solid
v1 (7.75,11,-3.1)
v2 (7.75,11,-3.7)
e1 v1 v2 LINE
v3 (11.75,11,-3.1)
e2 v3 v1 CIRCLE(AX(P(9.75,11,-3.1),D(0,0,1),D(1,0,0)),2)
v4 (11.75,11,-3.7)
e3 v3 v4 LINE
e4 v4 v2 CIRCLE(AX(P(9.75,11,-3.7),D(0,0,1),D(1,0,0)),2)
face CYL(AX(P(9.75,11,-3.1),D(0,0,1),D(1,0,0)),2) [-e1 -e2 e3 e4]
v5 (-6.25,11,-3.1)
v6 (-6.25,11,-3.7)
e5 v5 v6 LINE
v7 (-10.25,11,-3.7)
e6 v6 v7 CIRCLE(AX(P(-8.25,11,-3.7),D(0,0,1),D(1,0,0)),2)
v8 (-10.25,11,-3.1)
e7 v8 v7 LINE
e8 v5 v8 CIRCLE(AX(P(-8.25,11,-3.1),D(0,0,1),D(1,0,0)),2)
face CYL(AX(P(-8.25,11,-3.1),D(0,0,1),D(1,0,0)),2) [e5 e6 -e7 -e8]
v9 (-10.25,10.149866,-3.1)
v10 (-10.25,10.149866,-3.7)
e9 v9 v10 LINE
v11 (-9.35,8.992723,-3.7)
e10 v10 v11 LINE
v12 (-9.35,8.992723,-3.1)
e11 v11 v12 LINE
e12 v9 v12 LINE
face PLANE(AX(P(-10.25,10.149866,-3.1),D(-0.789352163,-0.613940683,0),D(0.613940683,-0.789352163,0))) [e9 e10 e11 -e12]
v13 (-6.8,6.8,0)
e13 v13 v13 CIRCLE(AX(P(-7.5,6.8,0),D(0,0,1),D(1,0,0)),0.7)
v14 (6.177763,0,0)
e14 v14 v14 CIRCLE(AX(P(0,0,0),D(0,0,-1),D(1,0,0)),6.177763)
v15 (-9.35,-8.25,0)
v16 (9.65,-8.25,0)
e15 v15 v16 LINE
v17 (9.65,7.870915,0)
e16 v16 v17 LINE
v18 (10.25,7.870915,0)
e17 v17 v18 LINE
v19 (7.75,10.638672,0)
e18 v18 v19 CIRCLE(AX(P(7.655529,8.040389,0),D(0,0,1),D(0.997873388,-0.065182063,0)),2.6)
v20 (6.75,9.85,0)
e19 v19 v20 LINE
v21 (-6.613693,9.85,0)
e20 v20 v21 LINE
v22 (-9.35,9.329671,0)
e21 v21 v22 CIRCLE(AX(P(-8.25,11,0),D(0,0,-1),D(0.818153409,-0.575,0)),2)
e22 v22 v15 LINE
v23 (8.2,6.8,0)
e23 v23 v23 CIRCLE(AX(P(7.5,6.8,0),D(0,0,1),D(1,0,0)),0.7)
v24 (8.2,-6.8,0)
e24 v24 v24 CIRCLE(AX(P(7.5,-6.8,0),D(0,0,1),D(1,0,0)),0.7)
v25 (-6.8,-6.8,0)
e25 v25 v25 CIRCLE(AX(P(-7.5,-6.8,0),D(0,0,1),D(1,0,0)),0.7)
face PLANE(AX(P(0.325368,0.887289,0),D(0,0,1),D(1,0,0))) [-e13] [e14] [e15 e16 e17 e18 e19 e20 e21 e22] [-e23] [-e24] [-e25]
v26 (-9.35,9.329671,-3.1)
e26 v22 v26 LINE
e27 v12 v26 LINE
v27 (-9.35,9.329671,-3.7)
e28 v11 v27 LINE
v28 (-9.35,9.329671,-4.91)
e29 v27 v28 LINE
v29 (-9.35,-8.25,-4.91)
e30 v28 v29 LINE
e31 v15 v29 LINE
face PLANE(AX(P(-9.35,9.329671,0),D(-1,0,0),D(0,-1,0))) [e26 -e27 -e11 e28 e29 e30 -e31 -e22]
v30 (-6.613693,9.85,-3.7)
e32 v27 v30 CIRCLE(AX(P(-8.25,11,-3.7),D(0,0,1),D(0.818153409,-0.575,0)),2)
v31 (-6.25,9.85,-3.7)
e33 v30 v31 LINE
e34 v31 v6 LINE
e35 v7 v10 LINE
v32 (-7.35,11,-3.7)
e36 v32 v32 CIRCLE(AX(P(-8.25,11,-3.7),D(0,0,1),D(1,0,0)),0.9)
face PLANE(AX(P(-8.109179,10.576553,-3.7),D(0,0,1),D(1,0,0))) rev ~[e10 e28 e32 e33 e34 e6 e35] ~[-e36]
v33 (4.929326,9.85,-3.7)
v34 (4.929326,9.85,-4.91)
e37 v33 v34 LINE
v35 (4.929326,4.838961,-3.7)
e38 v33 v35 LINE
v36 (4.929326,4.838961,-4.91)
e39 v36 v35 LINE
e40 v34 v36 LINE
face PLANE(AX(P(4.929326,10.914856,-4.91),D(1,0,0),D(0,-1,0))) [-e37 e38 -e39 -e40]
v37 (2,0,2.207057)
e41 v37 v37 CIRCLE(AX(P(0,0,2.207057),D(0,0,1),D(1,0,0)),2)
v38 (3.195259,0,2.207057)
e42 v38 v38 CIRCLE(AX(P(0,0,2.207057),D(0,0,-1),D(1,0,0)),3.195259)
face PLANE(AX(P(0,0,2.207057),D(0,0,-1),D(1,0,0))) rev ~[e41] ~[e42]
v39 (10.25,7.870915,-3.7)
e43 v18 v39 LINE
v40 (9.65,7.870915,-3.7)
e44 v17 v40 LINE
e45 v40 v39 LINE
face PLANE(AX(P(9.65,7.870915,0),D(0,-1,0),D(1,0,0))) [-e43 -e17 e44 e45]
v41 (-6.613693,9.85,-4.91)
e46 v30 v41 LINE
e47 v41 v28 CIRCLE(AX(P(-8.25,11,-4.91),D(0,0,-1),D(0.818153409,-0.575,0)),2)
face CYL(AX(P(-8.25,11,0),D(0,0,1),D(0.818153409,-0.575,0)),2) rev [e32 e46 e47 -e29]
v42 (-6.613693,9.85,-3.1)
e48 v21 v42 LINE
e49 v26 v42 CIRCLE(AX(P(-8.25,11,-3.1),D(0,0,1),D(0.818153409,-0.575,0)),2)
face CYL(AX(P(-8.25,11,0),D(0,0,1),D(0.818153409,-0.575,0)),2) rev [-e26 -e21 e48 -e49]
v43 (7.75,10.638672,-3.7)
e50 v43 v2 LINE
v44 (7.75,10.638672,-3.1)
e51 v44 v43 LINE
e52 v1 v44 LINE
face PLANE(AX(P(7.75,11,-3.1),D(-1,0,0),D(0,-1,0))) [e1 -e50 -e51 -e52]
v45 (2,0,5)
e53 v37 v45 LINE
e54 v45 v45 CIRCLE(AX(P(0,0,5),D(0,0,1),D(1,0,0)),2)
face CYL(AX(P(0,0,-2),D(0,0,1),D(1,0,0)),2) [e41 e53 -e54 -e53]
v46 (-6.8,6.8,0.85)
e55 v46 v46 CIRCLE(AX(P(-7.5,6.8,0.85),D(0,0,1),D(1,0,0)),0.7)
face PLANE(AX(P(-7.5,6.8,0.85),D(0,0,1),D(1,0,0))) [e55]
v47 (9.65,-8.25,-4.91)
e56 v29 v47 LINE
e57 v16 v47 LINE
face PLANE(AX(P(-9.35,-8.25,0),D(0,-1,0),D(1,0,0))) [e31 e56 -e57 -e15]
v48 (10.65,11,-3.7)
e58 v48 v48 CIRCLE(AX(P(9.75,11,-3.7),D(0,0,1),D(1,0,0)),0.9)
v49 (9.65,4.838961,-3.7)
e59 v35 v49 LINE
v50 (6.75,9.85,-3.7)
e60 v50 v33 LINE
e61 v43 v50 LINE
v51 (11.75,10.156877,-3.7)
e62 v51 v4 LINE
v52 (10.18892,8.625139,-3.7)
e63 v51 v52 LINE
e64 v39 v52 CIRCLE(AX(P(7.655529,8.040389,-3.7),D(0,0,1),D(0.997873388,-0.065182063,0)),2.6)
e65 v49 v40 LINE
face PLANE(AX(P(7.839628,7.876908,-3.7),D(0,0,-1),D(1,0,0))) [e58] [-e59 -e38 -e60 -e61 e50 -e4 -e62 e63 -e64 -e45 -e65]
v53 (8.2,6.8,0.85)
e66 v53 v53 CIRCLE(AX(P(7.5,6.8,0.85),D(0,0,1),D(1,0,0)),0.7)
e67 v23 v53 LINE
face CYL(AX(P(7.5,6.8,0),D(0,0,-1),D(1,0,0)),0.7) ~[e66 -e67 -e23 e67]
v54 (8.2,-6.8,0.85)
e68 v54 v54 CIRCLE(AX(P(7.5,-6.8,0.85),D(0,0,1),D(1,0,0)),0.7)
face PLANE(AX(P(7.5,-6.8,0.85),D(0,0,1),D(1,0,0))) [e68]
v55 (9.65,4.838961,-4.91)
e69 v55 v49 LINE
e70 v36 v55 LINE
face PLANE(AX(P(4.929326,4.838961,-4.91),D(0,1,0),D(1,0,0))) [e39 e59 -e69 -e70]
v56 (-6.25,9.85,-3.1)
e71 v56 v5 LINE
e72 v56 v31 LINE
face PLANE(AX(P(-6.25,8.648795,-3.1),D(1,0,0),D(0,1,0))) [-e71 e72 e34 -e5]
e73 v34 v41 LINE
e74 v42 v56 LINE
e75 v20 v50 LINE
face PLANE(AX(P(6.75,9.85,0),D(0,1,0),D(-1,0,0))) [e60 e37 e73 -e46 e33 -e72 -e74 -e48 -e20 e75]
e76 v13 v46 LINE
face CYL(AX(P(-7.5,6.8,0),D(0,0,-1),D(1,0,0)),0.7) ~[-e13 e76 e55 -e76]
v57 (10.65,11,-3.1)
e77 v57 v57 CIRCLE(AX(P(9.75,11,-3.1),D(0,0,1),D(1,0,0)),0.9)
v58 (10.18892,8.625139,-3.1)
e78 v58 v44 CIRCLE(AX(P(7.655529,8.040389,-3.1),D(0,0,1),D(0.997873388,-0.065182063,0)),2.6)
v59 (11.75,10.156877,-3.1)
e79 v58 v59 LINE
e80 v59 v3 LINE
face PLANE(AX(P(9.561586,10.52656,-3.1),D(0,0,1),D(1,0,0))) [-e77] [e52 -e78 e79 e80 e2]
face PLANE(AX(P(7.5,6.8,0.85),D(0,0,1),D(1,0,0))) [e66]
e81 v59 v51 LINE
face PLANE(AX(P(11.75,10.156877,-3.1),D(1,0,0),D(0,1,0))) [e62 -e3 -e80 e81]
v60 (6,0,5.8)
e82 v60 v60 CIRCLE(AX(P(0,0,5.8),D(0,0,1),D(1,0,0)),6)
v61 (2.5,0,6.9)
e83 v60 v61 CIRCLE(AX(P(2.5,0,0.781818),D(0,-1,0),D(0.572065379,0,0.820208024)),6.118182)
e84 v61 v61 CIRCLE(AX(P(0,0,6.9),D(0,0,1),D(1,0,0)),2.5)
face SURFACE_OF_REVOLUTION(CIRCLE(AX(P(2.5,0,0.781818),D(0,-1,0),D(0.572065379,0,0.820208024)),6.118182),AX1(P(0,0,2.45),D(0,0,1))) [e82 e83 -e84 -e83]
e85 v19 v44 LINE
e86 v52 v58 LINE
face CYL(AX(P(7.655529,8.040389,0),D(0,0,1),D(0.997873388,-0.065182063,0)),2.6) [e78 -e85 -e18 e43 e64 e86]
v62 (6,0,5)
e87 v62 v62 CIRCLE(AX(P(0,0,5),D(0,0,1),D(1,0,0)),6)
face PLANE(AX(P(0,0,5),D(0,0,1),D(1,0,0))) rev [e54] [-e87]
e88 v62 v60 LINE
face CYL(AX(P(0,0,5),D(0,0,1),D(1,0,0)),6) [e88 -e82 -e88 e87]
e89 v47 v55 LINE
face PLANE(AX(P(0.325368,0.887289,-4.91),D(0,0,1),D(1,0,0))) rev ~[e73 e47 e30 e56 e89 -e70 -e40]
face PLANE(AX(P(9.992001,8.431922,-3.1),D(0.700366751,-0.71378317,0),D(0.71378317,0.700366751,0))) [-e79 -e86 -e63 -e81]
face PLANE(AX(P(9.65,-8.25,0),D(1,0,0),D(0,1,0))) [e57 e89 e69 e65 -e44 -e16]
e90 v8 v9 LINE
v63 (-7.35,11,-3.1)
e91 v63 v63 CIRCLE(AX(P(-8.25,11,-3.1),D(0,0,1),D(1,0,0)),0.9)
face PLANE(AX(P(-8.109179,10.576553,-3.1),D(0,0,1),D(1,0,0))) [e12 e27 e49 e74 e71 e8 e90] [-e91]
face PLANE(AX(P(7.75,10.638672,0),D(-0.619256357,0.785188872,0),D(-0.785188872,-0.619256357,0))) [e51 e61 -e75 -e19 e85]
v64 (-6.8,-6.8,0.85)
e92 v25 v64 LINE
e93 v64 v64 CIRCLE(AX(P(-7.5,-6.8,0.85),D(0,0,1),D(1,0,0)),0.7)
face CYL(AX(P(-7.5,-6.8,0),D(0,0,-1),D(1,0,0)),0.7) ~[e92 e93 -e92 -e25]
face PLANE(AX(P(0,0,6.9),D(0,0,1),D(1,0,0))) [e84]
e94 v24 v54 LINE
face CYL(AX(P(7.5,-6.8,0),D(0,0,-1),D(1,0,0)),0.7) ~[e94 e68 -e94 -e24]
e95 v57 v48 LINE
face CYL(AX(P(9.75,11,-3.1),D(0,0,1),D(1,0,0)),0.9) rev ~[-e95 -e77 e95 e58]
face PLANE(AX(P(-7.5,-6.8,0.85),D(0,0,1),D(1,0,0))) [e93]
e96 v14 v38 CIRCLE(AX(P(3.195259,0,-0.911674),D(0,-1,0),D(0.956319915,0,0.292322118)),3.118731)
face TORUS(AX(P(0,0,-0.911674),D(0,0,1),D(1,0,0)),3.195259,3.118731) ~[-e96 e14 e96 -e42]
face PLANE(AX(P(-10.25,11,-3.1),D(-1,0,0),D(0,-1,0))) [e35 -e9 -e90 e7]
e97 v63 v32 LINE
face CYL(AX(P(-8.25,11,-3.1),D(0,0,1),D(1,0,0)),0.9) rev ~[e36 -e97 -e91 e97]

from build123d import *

# Parameters (mm, degrees)
F1_DEPTH  = 4.91
F2_R      = 0.7
F3_DEPTH  = 0.85
F6_DEPTH  = 0.6
F7_R      = 0.9
F8_DEPTH  = 0.6
F11_R     = 2
F12_DEPTH = 4
F15_W     = 5.8206040412
F15_H     = 6.0758944601
F16_DEPTH = 1.21


with BuildPart() as f1:
    # F0 (on Top) → F1 (new body)
    with BuildSketch(Plane.XY):
        with BuildLine():
            Line((-9.35, 9.3296706912), (-9.35, -8.25))
            Line((-9.35, -8.25), (9.65, -8.25))
            Line((9.65, -8.25), (9.65, 7.8709153458))
            Line((9.65, 7.8709153458), (10.25, 7.8709153458))
            ThreePointArc((10.25, 7.8709153458), (9.5849645406, 9.7831678774), (7.75, 10.6386718467))
            Line((7.75, 10.6386718467), (6.75, 9.85))
            Line((6.75, 9.85), (-6.6136931828, 9.85))
            ThreePointArc((-6.6136931828, 9.85), (-7.8763800086, 9.0352078731), (-9.35, 9.3296706912))
        make_face()
    extrude(amount=-F1_DEPTH)

    # F2 (on face) → F3 (join)
    with BuildSketch(Plane.XY):
        with Locations((-7.5, -6.8)):
            Circle(F2_R)
        with Locations((7.5, -6.8)):
            Circle(F2_R)
        with Locations((-7.5, 6.8)):
            Circle(F2_R)
        with Locations((7.5, 6.8)):
            Circle(F2_R)
    extrude(amount=F3_DEPTH)

    # F5 (on offset) → F6 (join)
    with BuildSketch(Plane.XY.offset(-3.1)):
        with BuildLine():
            Line((-10.25, 10.1498657733), (-9.0825001077, 8.6487947561))
            Line((-9.0825001077, 8.6487947561), (-6.25, 8.6487947561))
            Line((-6.25, 8.6487947561), (-6.25, 11))
            ThreePointArc((-6.25, 11), (-8.25, 13), (-10.25, 11))
            Line((-10.25, 11), (-10.25, 10.1498657733))
        make_face()
        with BuildLine():
            Line((7.75, 11), (7.75, 8.4319217131))
            Line((7.75, 8.4319217131), (9.9920006469, 8.4319217131))
            Line((9.9920006469, 8.4319217131), (11.75, 10.1568773389))
            Line((11.75, 10.1568773389), (11.75, 11))
            ThreePointArc((11.75, 11), (9.75, 13), (7.75, 11))
        make_face()
    extrude(amount=-F6_DEPTH)

    # F7 (on face) → F8 (cut, through all)
    with BuildSketch(Plane.XY.offset(-3.1)):
        with Locations((-8.25, 11)):
            Circle(F7_R)
        with Locations((9.75, 11)):
            Circle(F7_R)
    extrude(amount=-F8_DEPTH, mode=Mode.SUBTRACT)

    # F9 (on Front) → F10 (revolve)
    with BuildSketch(Plane.XZ):
        with BuildLine():
            Line((3.1952585559, 2.2070568521), (0, 2.2070568521))
            Line((0, 2.2070568521), (0, 0))
            Line((0, 0), (6.177762989, 0))
            ThreePointArc((6.177762989, 0), (5.0504157353, 1.5952910936), (3.1952585559, 2.2070568521))
        make_face()
    revolve(axis=Axis((0, 0, 1.103528426), (0, 0, -1)))

    # F11 (on face) → F12 (cut)
    with BuildSketch(Plane.XY.offset(2.2070568521)):
        Circle(F11_R)
    extrude(amount=-F12_DEPTH, mode=Mode.SUBTRACT)

    # F13 (on Front) → F14 (revolve)
    with BuildSketch(Plane.XZ):
        with BuildLine():
            Line((0, 6.9), (0, -2))
            Line((0, -2), (2, -2))
            Line((2, -2), (2, 5))
            Line((2, 5), (6, 5))
            Line((6, 5), (6, 5.8))
            ThreePointArc((6, 5.8), (4.3343936328, 6.6185251952), (2.5, 6.9))
            Line((2.5, 6.9), (0, 6.9))
        make_face()
    revolve(axis=Axis((0, 0, 2.45), (0, 0, 1)))

    # F15 (on face) → F16 (cut, through all)
    with BuildSketch(Plane(origin=(0, 0, -4.91), x_dir=(1, 0, 0), z_dir=(0, 0, -1))):
        with Locations((7.839627564, -7.8769084066)):
            Rectangle(F15_W, F15_H)
    extrude(amount=-F16_DEPTH, mode=Mode.SUBTRACT)


solid = f1.part
